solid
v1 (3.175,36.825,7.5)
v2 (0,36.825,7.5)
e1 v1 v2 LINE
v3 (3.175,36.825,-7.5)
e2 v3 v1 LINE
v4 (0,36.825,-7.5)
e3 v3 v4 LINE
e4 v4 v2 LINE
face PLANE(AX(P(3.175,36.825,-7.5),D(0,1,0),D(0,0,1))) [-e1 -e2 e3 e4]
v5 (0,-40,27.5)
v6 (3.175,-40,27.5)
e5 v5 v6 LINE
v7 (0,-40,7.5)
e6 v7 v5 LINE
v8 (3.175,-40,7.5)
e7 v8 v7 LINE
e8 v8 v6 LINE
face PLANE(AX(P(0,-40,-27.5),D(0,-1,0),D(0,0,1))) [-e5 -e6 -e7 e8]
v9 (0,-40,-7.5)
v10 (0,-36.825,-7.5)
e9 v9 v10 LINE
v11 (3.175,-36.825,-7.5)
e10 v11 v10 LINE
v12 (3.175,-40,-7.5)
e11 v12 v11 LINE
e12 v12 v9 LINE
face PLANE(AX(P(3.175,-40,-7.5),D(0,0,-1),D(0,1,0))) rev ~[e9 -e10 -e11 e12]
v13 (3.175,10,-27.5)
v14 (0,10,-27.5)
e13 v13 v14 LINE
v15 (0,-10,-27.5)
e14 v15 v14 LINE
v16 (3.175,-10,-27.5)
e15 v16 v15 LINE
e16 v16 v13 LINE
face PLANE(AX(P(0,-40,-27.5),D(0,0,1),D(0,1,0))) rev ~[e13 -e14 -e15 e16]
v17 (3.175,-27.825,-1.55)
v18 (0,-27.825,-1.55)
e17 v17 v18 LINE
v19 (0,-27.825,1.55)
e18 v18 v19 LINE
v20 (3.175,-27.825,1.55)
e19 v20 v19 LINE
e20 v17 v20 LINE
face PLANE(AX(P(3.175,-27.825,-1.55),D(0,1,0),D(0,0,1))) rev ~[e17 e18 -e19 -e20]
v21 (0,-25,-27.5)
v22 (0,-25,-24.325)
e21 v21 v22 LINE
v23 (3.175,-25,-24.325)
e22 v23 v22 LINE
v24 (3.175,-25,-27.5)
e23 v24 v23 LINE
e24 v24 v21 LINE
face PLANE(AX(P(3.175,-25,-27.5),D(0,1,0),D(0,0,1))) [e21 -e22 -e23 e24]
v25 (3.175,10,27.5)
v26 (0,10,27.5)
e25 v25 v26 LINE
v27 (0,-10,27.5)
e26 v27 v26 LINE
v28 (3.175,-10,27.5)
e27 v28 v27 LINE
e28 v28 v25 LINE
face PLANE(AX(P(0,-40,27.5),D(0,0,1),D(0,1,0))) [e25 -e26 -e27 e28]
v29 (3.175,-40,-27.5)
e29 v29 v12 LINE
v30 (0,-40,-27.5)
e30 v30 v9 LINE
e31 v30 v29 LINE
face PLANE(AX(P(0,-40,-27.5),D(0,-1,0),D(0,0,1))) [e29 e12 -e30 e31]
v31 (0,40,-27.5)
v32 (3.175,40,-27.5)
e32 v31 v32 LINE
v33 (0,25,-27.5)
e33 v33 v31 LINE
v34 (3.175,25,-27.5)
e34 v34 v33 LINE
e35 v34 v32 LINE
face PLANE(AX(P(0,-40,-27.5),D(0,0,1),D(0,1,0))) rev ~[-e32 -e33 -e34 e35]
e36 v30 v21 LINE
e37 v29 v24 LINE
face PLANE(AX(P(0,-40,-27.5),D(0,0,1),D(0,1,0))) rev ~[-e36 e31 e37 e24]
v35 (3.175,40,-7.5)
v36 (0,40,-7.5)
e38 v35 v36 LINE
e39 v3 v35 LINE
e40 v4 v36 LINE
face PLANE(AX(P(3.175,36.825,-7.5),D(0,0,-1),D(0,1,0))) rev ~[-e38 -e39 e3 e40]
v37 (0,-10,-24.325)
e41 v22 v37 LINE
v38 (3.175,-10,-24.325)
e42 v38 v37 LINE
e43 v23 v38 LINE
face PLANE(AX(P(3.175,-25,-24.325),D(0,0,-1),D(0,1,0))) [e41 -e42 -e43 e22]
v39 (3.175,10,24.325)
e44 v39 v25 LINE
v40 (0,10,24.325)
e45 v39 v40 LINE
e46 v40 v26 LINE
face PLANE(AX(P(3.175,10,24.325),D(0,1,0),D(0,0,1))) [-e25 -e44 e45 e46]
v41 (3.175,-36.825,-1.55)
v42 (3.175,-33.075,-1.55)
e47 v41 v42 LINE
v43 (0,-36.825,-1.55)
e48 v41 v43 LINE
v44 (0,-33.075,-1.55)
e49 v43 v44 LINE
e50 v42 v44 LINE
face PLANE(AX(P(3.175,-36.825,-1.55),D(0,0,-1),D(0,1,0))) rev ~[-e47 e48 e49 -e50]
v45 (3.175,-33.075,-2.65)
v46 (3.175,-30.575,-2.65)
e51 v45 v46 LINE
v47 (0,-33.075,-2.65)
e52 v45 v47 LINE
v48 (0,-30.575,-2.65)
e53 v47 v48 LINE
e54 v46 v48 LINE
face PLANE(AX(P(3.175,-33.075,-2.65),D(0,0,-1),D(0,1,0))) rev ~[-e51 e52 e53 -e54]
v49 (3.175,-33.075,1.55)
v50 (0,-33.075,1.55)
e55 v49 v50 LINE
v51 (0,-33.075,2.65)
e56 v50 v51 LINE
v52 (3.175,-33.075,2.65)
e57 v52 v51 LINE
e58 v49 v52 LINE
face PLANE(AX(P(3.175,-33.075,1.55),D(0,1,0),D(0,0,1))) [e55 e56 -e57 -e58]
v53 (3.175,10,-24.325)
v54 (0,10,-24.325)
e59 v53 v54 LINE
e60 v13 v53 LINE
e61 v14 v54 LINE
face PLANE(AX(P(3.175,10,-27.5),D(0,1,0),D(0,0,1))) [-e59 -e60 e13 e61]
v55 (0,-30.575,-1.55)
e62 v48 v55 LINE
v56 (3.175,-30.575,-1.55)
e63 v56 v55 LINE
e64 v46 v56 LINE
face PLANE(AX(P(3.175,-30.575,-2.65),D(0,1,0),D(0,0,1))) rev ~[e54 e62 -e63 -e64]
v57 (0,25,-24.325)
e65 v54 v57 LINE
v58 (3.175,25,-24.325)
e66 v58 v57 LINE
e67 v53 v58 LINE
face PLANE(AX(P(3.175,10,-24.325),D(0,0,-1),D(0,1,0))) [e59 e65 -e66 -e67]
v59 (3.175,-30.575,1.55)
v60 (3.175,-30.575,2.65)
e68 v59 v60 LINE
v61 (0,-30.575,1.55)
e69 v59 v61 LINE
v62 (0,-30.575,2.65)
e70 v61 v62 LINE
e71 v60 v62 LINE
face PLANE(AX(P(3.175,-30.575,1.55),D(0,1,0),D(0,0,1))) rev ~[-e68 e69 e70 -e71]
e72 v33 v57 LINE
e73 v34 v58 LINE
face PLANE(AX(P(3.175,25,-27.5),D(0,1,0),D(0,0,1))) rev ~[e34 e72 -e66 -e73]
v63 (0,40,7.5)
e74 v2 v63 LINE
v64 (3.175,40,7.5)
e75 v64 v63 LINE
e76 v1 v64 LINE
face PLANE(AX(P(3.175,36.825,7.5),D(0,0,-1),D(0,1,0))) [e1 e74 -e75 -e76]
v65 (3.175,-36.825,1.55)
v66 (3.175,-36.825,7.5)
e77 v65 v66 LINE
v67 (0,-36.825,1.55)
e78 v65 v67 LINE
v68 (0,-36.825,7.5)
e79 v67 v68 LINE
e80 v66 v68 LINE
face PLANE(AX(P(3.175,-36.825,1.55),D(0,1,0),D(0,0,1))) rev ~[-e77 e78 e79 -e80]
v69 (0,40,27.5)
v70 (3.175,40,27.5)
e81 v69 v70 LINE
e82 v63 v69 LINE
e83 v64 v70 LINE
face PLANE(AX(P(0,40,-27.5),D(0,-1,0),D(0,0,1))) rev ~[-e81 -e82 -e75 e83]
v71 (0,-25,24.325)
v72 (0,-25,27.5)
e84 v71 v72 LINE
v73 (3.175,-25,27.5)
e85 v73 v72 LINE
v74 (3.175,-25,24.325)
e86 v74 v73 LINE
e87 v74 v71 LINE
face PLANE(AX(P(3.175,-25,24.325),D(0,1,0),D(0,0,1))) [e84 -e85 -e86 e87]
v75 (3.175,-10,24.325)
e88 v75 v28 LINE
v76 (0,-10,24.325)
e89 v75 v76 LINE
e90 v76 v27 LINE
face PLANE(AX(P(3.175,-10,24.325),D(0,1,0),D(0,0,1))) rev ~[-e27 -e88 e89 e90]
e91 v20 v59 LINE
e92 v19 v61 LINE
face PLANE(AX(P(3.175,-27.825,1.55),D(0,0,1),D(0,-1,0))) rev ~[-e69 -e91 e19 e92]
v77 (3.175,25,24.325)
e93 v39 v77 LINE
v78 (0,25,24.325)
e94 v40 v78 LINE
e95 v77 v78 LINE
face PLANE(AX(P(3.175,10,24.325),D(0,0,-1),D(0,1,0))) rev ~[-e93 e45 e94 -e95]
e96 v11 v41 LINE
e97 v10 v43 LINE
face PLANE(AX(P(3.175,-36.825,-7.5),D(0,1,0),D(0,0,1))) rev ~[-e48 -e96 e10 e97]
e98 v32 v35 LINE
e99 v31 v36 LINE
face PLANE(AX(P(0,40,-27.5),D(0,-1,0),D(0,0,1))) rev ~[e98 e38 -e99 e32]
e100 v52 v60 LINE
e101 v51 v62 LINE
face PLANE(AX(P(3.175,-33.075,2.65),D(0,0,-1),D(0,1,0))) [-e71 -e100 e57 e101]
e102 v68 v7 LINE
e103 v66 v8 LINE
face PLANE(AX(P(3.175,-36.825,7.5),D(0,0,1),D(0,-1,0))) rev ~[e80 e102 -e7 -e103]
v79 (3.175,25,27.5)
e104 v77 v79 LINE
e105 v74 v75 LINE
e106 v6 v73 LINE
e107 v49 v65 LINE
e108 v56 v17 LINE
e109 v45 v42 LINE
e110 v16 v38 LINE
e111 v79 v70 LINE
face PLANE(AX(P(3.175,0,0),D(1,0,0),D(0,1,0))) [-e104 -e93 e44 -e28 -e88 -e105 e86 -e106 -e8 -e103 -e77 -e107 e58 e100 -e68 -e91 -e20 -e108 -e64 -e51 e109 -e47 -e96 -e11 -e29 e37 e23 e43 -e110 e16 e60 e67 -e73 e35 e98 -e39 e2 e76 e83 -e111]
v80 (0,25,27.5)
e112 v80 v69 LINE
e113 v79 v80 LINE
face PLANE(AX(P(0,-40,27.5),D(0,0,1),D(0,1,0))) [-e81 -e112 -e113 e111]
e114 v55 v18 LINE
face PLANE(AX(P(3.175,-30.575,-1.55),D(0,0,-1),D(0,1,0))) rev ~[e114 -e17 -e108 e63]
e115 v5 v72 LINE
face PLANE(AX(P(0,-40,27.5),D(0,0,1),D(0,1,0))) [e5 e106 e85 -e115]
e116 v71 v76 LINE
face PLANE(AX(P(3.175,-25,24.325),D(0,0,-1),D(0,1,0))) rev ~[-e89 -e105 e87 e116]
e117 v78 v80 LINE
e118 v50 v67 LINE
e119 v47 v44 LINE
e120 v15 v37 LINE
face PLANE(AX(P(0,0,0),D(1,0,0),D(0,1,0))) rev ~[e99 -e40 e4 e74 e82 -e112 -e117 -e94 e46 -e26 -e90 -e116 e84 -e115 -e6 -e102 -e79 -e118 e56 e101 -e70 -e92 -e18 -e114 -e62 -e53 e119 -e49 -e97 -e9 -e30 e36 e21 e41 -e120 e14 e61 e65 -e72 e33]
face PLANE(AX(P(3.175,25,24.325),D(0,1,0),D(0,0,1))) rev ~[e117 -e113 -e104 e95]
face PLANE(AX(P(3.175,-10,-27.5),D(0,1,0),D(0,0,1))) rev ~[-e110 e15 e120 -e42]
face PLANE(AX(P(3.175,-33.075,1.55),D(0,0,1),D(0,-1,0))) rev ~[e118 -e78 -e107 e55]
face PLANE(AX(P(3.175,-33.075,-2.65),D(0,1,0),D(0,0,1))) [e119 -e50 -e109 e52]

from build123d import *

# Parameters (mm, degrees)
F1_W     = 80
F1_H     = 55
F2_DEPTH = 3.175
F3_W     = 3.175
F3_H     = 15
F3_W_2   = 15
F3_H_2   = 3.175
F3_W_3   = 3.75
F3_H_3   = 3.1
F3_W_4   = 2.5
F3_H_4   = 1.1
F3_W_5   = 2.75
F4_DEPTH = 3.176


with BuildPart() as f2:
    # F1 (on Right) → F2 (new body)
    with BuildSketch(Plane.YZ):
        Rectangle(F1_W, F1_H)
    extrude(amount=F2_DEPTH)

    # F3 (on face) → F4 (cut, through all)
    with BuildSketch(Plane.YZ.offset(3.175)):
        with Locations((38.4125, 0)):
            Rectangle(F3_W, F3_H)
        with Locations((-17.5, -25.9125)):
            Rectangle(F3_W_2, F3_H_2)
        with Locations((17.5, -25.9125)):
            Rectangle(F3_W_2, F3_H_2)
        with Locations((-17.5, 25.9125)):
            Rectangle(F3_W_2, F3_H_2)
        with Locations((17.5, 25.9125)):
            Rectangle(F3_W_2, F3_H_2)
        with Locations((-34.95, 0)):
            Rectangle(F3_W_3, F3_H_3)
        Polygon((-36.825, -7.5), (-36.825, -1.55), (-36.825, 1.55), (-36.825, 7.5), (-40, 7.5), (-40, -7.5), align=None)
        with Locations((-31.825, 0)):
            Rectangle(F3_W_4, F3_H_3)
        with Locations((-31.825, -2.1)):
            Rectangle(F3_W_4, F3_H_4)
        with Locations((-29.2, 0)):
            Rectangle(F3_W_5, F3_H_3)
        with Locations((-31.825, 2.1)):
            Rectangle(F3_W_4, F3_H_4)
    extrude(amount=-F4_DEPTH, mode=Mode.SUBTRACT)


solid = f2.part
